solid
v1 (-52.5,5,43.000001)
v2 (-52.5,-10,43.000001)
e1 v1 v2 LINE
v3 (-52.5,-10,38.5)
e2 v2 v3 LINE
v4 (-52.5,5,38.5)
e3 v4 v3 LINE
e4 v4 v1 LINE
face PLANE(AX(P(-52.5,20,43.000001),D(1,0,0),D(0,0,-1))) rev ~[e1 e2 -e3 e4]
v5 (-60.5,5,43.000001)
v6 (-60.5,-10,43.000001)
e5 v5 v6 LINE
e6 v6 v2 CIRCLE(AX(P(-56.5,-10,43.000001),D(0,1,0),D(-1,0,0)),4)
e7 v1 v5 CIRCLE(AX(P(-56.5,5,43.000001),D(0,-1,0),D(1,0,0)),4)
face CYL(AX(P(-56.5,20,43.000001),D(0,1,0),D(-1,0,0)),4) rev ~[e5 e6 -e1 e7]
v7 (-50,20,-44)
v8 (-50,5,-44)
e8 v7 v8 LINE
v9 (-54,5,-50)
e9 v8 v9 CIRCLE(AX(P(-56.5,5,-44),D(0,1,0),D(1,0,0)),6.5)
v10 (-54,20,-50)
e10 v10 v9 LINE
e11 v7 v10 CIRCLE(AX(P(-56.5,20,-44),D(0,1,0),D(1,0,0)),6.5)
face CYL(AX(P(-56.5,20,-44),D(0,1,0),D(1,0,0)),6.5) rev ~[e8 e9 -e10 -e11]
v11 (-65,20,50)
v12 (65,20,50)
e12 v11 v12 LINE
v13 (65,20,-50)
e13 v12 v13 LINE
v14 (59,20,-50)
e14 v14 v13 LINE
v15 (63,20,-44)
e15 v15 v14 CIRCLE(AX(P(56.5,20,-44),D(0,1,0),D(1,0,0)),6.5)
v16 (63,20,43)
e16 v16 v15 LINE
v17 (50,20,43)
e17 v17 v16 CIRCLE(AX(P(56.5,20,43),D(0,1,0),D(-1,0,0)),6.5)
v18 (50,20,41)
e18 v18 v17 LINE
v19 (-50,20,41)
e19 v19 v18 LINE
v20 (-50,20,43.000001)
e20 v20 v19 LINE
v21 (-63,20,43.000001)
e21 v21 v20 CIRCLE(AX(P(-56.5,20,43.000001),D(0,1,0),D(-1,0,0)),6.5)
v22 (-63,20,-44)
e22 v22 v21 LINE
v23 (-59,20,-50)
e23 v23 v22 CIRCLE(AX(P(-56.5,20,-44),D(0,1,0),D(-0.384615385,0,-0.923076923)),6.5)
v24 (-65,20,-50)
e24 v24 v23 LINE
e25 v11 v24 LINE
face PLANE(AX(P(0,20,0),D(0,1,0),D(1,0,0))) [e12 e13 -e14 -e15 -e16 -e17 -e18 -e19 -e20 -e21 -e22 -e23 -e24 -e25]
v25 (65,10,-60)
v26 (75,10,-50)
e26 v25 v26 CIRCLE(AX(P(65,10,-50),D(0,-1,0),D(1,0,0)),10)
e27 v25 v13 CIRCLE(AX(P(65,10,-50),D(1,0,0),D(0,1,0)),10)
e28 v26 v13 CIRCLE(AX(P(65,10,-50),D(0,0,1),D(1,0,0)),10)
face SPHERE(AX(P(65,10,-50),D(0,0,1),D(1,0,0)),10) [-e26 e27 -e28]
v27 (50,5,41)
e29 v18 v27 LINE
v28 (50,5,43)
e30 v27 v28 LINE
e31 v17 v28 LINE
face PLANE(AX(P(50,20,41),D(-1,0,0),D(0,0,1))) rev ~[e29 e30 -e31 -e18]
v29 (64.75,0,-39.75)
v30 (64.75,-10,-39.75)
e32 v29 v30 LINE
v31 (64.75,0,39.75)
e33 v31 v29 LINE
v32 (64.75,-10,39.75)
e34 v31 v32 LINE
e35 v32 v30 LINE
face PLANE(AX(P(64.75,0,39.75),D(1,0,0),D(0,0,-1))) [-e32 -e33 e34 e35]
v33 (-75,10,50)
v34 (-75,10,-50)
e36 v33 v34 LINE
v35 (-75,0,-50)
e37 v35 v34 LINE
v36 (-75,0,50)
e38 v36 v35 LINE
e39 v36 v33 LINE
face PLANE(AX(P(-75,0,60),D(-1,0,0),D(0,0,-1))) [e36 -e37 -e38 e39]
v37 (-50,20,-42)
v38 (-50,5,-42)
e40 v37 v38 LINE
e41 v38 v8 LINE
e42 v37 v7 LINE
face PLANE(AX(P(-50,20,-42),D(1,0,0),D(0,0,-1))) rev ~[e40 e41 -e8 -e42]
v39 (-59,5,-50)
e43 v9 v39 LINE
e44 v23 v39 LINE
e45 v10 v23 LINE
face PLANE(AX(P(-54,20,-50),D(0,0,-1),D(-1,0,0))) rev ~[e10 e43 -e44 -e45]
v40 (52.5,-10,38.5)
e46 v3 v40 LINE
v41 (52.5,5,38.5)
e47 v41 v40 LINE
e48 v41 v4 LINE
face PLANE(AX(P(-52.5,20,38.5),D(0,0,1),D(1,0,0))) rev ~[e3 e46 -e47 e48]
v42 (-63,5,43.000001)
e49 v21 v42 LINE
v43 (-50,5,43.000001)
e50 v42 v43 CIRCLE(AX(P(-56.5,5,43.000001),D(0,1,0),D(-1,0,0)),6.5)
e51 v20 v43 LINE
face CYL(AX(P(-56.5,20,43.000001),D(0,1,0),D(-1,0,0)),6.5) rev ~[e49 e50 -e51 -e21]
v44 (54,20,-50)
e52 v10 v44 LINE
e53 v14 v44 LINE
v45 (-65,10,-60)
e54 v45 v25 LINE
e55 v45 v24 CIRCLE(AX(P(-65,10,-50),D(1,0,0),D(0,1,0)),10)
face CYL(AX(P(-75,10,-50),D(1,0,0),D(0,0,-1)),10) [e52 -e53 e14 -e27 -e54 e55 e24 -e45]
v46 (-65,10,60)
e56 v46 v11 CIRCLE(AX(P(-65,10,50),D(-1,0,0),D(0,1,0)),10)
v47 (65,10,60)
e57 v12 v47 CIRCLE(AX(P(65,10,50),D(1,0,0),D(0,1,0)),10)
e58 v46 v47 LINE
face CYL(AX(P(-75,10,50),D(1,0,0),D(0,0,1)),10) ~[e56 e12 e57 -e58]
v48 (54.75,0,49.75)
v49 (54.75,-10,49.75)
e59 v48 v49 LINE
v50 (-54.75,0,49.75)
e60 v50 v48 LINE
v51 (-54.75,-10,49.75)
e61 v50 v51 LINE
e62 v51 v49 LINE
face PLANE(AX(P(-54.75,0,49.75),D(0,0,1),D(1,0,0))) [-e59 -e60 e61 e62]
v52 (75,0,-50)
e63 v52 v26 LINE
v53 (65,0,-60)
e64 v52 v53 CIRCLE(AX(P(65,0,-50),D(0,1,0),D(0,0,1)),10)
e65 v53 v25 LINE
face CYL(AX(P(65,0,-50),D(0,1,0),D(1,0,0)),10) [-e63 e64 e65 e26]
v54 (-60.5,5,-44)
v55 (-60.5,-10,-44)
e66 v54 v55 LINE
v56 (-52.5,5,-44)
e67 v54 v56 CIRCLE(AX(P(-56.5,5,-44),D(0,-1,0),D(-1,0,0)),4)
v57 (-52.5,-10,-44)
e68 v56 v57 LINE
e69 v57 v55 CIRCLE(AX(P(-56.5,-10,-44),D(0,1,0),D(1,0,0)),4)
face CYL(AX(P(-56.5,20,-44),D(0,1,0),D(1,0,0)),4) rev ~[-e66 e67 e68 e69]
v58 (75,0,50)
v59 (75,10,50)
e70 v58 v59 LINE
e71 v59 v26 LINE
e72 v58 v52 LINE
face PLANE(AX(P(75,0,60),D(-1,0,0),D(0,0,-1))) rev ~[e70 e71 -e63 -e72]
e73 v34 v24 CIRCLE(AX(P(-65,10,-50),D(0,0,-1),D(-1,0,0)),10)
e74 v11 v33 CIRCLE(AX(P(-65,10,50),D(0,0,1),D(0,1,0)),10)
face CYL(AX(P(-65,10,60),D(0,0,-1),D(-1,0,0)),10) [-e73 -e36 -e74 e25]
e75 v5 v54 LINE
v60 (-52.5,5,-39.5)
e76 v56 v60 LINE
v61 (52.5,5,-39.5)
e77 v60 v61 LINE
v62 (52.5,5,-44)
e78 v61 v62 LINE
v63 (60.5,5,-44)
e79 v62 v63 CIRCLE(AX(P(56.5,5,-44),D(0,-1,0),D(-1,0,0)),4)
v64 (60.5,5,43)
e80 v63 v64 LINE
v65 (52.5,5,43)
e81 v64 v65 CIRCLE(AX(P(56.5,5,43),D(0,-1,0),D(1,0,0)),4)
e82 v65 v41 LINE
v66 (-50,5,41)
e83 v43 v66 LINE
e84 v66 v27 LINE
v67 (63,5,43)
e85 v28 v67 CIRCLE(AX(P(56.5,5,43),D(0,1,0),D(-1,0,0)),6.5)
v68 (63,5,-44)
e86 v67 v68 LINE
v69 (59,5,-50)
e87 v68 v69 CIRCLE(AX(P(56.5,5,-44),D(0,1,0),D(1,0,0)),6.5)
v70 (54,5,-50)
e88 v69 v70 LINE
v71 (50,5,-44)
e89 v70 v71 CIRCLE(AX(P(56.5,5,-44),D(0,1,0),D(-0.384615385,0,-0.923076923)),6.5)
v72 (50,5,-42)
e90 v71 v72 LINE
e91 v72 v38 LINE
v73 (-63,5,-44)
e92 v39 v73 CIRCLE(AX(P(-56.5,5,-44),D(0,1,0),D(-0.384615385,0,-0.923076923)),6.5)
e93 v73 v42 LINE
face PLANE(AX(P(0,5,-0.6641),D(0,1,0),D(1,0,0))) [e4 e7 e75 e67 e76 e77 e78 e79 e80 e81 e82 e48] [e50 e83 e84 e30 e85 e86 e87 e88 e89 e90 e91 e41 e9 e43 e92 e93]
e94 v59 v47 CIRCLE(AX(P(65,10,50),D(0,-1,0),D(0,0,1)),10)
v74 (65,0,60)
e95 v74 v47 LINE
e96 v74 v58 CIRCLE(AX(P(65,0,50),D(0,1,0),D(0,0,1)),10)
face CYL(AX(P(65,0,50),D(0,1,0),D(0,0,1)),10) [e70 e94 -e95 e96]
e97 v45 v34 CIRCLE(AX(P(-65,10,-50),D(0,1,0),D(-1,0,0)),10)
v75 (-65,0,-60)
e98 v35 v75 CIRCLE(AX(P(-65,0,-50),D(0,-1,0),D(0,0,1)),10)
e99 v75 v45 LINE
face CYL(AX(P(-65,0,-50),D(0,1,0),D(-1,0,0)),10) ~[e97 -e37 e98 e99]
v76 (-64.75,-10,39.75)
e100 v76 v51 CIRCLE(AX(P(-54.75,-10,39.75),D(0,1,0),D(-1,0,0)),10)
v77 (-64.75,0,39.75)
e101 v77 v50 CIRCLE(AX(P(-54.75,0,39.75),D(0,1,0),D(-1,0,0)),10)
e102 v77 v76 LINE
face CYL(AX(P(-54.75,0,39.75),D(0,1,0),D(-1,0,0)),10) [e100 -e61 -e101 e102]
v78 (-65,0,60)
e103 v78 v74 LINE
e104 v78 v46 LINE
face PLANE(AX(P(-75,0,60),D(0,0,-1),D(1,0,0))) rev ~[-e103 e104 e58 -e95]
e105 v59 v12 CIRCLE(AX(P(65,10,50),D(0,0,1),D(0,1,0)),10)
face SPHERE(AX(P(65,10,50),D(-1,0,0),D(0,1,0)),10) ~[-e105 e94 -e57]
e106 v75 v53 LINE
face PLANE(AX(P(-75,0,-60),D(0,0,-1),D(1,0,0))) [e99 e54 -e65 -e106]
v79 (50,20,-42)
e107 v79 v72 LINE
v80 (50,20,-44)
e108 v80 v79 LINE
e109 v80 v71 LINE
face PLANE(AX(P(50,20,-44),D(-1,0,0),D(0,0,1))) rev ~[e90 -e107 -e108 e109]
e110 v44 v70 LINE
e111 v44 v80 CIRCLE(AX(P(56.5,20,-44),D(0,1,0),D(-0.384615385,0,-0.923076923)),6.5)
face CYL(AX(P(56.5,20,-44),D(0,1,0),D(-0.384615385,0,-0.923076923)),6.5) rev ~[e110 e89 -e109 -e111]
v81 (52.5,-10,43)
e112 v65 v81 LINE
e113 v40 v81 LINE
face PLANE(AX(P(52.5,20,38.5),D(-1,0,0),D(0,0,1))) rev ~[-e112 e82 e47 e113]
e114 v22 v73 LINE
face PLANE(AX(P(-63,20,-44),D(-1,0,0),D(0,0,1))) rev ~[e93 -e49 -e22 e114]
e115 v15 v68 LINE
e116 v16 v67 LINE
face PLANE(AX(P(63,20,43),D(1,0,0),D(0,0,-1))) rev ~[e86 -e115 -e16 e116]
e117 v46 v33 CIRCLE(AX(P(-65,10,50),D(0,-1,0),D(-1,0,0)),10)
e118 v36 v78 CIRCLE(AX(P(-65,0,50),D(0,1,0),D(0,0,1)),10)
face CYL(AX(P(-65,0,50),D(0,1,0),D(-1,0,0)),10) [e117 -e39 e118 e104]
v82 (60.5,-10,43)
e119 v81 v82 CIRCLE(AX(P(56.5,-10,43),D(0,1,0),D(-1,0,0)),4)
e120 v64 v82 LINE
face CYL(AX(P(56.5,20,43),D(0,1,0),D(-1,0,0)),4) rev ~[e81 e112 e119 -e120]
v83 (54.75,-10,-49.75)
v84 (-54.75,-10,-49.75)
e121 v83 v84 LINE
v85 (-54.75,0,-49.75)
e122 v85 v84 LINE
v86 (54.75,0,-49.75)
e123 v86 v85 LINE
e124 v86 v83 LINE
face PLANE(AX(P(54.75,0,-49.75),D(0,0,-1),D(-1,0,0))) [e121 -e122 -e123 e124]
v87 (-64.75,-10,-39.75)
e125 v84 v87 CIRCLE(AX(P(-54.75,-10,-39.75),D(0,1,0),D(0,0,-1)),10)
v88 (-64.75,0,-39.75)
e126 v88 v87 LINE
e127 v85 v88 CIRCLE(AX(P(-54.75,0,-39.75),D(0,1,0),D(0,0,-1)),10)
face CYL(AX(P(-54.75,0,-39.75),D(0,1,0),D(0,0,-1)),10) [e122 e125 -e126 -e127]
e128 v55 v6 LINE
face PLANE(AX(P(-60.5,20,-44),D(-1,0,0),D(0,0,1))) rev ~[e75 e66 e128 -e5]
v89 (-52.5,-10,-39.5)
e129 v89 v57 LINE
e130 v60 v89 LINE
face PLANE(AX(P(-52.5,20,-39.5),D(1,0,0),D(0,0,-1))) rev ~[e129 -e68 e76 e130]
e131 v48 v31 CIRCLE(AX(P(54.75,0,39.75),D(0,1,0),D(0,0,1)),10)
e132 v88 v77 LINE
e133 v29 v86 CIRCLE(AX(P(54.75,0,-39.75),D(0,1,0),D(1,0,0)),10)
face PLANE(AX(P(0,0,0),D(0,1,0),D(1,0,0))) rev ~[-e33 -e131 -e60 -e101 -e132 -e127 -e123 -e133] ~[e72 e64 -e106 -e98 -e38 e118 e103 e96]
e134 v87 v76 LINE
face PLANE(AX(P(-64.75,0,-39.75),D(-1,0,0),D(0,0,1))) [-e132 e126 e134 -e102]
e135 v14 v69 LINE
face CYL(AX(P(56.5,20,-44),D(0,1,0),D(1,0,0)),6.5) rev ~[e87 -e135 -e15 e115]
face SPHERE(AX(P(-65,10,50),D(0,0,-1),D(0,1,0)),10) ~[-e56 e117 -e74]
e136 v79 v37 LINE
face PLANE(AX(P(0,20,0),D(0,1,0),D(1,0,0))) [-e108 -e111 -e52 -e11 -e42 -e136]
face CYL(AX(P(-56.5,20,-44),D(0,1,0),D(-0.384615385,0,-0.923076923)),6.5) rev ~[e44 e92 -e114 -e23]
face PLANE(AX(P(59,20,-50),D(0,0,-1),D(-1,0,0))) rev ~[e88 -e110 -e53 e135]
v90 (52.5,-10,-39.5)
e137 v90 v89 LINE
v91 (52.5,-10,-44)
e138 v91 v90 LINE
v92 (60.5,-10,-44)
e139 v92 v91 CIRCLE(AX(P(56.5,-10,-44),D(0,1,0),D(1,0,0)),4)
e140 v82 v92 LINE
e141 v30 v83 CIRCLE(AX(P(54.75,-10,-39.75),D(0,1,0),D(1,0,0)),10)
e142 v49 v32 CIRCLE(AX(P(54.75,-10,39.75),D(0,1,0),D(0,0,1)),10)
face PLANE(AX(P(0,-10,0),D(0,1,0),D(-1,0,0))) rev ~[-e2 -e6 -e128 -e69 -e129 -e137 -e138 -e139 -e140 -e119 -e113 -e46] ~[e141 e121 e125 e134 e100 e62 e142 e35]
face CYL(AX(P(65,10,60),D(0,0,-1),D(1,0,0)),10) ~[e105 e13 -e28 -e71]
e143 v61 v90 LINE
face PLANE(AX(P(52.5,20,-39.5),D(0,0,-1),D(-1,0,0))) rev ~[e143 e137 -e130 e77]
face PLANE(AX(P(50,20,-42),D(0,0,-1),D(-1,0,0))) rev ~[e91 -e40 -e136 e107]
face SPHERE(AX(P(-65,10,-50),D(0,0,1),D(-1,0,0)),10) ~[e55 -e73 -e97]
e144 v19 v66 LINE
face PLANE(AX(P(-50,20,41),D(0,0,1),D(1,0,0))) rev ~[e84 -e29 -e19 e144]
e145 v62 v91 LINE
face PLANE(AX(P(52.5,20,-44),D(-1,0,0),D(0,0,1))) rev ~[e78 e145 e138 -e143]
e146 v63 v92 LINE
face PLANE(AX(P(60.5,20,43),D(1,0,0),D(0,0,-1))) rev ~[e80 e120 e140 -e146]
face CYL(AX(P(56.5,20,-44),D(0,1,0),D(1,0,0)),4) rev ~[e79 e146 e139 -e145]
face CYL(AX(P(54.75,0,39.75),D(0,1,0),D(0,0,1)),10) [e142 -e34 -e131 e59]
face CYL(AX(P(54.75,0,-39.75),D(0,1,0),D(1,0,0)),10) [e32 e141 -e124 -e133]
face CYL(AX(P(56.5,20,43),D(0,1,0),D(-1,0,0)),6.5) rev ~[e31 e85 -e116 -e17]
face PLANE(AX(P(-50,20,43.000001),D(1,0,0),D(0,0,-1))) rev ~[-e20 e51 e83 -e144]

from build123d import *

# Parameters (mm, degrees)
SKETCH2_W           = 150
SKETCH2_H           = 120
BOSS_EXTRUDE1_DEPTH = 20
FILLET1_R           = 10
BOSS_EXTRUDE2_DEPTH = 10
CUT_EXTRUDE1_DEPTH  = 30
CUT_EXTRUDE2_DEPTH  = 15


with BuildPart() as part:
    # Sketch2 → Boss-Extrude1 (new body)
    with BuildSketch(Plane(origin=(0, 0, 0), x_dir=(1, 0, 0), z_dir=(0, 1, 0))):
        Rectangle(SKETCH2_W, SKETCH2_H)
    extrude(amount=BOSS_EXTRUDE1_DEPTH)

    # Fillet1
    fillet1_edges = [part.edges().sort_by_distance(p)[0] for p in [
        (-75, 20, 0),
        (0, 20, 60),
        (75, 20, 0),
        (75, 10, 60),
        (-75, 10, 60),
        (-75, 10, -60),
        (75, 10, -60),
        (0, 20, -60),
    ]]
    fillet(fillet1_edges, radius=FILLET1_R)

    # Sketch3 → Boss-Extrude2 (add)
    with BuildSketch(Plane.XZ):
        with BuildLine():
            ThreePointArc((-64.75, 39.75), (-61.821067812, 46.821067812), (-54.75, 49.75))
            Line((-54.75, 49.75), (54.75, 49.75))
            ThreePointArc((54.75, 49.75), (61.821067812, 46.821067812), (64.75, 39.75))
            Line((64.75, 39.75), (64.75, -39.75))
            ThreePointArc((64.75, -39.75), (61.821067812, -46.821067812), (54.75, -49.75))
            Line((54.75, -49.75), (-54.75, -49.75))
            ThreePointArc((-54.75, -49.75), (-61.821067812, -46.821067812), (-64.75, -39.75))
            Line((-64.75, -39.75), (-64.75, 39.75))
        make_face()
    extrude(amount=BOSS_EXTRUDE2_DEPTH)

    # Sketch4 → Cut-Extrude1 (cut)
    with BuildSketch(Plane(origin=(0, 20, 0), x_dir=(1, 0, 0), z_dir=(0, 1, 0))):
        with BuildLine():
            Line((52.5, -38.5), (52.5, -43))
            ThreePointArc((52.5, -43), (56.5, -47), (60.5, -43))
            Line((60.5, -43), (60.5, 44))
            ThreePointArc((60.5, 44), (56.5, 48), (52.5, 44))
            Line((52.5, 44), (52.5, 39.5))
            Line((52.5, 39.5), (-52.5, 39.5))
            Line((-52.5, 39.5), (-52.5, 44))
            ThreePointArc((-52.5, 44), (-56.5, 48), (-60.5, 44))
            Line((-60.5, 44), (-60.5, -43.000001))
            ThreePointArc((-60.5, -43.000001), (-56.5, -47.000001), (-52.5, -43.000001))
            Line((-52.5, -43.000001), (-52.5, -38.5))
            Line((-52.5, -38.5), (52.5, -38.5))
        make_face()
    extrude(amount=-CUT_EXTRUDE1_DEPTH, mode=Mode.SUBTRACT)

    # Sketch4<3> → Cut-Extrude2 (cut)
    with BuildSketch(Plane(origin=(0, 20, 0), x_dir=(1, 0, 0), z_dir=(0, 1, 0))):
        with BuildLine():
            Line((-50, -43.000001), (-50, -41))
            Line((-50, -41), (50, -41))
            Line((50, -41), (50, -43))
            ThreePointArc((50, -43), (56.5, -49.5), (63, -43))
            Line((63, -43), (63, 44))
            ThreePointArc((63, 44), (61.908326913, 47.605551275), (59, 50))
            Line((59, 50), (54, 50))
            ThreePointArc((54, 50), (51.091673087, 47.605551275), (50, 44))
            Line((50, 44), (50, 42))
            Line((50, 42), (-50, 42))
            Line((-50, 42), (-50, 44))
            ThreePointArc((-50, 44), (-51.091673087, 47.605551275), (-54, 50))
            Line((-54, 50), (-59, 50))
            ThreePointArc((-59, 50), (-61.908326913, 47.605551275), (-63, 44))
            Line((-63, 44), (-63, -43.000001))
            ThreePointArc((-63, -43.000001), (-56.5, -49.500001), (-50, -43.000001))
        make_face()
        with BuildLine():
            Line((52.5, 39.5), (52.5, 44))
            ThreePointArc((52.5, 44), (56.5, 48), (60.5, 44))
            Line((60.5, 44), (60.5, -43))
            ThreePointArc((60.5, -43), (56.5, -47), (52.5, -43))
            Line((52.5, -43), (52.5, -38.5))
            Line((52.5, -38.5), (-52.5, -38.5))
            Line((-52.5, -38.5), (-52.5, -43.000001))
            ThreePointArc((-52.5, -43.000001), (-56.5, -47.000001), (-60.5, -43.000001))
            Line((-60.5, -43.000001), (-60.5, 44))
            ThreePointArc((-60.5, 44), (-56.5, 48), (-52.5, 44))
            Line((-52.5, 44), (-52.5, 39.5))
            Line((-52.5, 39.5), (52.5, 39.5))
        make_face(mode=Mode.SUBTRACT)
    extrude(amount=-CUT_EXTRUDE2_DEPTH, mode=Mode.SUBTRACT)


solid = part.part
